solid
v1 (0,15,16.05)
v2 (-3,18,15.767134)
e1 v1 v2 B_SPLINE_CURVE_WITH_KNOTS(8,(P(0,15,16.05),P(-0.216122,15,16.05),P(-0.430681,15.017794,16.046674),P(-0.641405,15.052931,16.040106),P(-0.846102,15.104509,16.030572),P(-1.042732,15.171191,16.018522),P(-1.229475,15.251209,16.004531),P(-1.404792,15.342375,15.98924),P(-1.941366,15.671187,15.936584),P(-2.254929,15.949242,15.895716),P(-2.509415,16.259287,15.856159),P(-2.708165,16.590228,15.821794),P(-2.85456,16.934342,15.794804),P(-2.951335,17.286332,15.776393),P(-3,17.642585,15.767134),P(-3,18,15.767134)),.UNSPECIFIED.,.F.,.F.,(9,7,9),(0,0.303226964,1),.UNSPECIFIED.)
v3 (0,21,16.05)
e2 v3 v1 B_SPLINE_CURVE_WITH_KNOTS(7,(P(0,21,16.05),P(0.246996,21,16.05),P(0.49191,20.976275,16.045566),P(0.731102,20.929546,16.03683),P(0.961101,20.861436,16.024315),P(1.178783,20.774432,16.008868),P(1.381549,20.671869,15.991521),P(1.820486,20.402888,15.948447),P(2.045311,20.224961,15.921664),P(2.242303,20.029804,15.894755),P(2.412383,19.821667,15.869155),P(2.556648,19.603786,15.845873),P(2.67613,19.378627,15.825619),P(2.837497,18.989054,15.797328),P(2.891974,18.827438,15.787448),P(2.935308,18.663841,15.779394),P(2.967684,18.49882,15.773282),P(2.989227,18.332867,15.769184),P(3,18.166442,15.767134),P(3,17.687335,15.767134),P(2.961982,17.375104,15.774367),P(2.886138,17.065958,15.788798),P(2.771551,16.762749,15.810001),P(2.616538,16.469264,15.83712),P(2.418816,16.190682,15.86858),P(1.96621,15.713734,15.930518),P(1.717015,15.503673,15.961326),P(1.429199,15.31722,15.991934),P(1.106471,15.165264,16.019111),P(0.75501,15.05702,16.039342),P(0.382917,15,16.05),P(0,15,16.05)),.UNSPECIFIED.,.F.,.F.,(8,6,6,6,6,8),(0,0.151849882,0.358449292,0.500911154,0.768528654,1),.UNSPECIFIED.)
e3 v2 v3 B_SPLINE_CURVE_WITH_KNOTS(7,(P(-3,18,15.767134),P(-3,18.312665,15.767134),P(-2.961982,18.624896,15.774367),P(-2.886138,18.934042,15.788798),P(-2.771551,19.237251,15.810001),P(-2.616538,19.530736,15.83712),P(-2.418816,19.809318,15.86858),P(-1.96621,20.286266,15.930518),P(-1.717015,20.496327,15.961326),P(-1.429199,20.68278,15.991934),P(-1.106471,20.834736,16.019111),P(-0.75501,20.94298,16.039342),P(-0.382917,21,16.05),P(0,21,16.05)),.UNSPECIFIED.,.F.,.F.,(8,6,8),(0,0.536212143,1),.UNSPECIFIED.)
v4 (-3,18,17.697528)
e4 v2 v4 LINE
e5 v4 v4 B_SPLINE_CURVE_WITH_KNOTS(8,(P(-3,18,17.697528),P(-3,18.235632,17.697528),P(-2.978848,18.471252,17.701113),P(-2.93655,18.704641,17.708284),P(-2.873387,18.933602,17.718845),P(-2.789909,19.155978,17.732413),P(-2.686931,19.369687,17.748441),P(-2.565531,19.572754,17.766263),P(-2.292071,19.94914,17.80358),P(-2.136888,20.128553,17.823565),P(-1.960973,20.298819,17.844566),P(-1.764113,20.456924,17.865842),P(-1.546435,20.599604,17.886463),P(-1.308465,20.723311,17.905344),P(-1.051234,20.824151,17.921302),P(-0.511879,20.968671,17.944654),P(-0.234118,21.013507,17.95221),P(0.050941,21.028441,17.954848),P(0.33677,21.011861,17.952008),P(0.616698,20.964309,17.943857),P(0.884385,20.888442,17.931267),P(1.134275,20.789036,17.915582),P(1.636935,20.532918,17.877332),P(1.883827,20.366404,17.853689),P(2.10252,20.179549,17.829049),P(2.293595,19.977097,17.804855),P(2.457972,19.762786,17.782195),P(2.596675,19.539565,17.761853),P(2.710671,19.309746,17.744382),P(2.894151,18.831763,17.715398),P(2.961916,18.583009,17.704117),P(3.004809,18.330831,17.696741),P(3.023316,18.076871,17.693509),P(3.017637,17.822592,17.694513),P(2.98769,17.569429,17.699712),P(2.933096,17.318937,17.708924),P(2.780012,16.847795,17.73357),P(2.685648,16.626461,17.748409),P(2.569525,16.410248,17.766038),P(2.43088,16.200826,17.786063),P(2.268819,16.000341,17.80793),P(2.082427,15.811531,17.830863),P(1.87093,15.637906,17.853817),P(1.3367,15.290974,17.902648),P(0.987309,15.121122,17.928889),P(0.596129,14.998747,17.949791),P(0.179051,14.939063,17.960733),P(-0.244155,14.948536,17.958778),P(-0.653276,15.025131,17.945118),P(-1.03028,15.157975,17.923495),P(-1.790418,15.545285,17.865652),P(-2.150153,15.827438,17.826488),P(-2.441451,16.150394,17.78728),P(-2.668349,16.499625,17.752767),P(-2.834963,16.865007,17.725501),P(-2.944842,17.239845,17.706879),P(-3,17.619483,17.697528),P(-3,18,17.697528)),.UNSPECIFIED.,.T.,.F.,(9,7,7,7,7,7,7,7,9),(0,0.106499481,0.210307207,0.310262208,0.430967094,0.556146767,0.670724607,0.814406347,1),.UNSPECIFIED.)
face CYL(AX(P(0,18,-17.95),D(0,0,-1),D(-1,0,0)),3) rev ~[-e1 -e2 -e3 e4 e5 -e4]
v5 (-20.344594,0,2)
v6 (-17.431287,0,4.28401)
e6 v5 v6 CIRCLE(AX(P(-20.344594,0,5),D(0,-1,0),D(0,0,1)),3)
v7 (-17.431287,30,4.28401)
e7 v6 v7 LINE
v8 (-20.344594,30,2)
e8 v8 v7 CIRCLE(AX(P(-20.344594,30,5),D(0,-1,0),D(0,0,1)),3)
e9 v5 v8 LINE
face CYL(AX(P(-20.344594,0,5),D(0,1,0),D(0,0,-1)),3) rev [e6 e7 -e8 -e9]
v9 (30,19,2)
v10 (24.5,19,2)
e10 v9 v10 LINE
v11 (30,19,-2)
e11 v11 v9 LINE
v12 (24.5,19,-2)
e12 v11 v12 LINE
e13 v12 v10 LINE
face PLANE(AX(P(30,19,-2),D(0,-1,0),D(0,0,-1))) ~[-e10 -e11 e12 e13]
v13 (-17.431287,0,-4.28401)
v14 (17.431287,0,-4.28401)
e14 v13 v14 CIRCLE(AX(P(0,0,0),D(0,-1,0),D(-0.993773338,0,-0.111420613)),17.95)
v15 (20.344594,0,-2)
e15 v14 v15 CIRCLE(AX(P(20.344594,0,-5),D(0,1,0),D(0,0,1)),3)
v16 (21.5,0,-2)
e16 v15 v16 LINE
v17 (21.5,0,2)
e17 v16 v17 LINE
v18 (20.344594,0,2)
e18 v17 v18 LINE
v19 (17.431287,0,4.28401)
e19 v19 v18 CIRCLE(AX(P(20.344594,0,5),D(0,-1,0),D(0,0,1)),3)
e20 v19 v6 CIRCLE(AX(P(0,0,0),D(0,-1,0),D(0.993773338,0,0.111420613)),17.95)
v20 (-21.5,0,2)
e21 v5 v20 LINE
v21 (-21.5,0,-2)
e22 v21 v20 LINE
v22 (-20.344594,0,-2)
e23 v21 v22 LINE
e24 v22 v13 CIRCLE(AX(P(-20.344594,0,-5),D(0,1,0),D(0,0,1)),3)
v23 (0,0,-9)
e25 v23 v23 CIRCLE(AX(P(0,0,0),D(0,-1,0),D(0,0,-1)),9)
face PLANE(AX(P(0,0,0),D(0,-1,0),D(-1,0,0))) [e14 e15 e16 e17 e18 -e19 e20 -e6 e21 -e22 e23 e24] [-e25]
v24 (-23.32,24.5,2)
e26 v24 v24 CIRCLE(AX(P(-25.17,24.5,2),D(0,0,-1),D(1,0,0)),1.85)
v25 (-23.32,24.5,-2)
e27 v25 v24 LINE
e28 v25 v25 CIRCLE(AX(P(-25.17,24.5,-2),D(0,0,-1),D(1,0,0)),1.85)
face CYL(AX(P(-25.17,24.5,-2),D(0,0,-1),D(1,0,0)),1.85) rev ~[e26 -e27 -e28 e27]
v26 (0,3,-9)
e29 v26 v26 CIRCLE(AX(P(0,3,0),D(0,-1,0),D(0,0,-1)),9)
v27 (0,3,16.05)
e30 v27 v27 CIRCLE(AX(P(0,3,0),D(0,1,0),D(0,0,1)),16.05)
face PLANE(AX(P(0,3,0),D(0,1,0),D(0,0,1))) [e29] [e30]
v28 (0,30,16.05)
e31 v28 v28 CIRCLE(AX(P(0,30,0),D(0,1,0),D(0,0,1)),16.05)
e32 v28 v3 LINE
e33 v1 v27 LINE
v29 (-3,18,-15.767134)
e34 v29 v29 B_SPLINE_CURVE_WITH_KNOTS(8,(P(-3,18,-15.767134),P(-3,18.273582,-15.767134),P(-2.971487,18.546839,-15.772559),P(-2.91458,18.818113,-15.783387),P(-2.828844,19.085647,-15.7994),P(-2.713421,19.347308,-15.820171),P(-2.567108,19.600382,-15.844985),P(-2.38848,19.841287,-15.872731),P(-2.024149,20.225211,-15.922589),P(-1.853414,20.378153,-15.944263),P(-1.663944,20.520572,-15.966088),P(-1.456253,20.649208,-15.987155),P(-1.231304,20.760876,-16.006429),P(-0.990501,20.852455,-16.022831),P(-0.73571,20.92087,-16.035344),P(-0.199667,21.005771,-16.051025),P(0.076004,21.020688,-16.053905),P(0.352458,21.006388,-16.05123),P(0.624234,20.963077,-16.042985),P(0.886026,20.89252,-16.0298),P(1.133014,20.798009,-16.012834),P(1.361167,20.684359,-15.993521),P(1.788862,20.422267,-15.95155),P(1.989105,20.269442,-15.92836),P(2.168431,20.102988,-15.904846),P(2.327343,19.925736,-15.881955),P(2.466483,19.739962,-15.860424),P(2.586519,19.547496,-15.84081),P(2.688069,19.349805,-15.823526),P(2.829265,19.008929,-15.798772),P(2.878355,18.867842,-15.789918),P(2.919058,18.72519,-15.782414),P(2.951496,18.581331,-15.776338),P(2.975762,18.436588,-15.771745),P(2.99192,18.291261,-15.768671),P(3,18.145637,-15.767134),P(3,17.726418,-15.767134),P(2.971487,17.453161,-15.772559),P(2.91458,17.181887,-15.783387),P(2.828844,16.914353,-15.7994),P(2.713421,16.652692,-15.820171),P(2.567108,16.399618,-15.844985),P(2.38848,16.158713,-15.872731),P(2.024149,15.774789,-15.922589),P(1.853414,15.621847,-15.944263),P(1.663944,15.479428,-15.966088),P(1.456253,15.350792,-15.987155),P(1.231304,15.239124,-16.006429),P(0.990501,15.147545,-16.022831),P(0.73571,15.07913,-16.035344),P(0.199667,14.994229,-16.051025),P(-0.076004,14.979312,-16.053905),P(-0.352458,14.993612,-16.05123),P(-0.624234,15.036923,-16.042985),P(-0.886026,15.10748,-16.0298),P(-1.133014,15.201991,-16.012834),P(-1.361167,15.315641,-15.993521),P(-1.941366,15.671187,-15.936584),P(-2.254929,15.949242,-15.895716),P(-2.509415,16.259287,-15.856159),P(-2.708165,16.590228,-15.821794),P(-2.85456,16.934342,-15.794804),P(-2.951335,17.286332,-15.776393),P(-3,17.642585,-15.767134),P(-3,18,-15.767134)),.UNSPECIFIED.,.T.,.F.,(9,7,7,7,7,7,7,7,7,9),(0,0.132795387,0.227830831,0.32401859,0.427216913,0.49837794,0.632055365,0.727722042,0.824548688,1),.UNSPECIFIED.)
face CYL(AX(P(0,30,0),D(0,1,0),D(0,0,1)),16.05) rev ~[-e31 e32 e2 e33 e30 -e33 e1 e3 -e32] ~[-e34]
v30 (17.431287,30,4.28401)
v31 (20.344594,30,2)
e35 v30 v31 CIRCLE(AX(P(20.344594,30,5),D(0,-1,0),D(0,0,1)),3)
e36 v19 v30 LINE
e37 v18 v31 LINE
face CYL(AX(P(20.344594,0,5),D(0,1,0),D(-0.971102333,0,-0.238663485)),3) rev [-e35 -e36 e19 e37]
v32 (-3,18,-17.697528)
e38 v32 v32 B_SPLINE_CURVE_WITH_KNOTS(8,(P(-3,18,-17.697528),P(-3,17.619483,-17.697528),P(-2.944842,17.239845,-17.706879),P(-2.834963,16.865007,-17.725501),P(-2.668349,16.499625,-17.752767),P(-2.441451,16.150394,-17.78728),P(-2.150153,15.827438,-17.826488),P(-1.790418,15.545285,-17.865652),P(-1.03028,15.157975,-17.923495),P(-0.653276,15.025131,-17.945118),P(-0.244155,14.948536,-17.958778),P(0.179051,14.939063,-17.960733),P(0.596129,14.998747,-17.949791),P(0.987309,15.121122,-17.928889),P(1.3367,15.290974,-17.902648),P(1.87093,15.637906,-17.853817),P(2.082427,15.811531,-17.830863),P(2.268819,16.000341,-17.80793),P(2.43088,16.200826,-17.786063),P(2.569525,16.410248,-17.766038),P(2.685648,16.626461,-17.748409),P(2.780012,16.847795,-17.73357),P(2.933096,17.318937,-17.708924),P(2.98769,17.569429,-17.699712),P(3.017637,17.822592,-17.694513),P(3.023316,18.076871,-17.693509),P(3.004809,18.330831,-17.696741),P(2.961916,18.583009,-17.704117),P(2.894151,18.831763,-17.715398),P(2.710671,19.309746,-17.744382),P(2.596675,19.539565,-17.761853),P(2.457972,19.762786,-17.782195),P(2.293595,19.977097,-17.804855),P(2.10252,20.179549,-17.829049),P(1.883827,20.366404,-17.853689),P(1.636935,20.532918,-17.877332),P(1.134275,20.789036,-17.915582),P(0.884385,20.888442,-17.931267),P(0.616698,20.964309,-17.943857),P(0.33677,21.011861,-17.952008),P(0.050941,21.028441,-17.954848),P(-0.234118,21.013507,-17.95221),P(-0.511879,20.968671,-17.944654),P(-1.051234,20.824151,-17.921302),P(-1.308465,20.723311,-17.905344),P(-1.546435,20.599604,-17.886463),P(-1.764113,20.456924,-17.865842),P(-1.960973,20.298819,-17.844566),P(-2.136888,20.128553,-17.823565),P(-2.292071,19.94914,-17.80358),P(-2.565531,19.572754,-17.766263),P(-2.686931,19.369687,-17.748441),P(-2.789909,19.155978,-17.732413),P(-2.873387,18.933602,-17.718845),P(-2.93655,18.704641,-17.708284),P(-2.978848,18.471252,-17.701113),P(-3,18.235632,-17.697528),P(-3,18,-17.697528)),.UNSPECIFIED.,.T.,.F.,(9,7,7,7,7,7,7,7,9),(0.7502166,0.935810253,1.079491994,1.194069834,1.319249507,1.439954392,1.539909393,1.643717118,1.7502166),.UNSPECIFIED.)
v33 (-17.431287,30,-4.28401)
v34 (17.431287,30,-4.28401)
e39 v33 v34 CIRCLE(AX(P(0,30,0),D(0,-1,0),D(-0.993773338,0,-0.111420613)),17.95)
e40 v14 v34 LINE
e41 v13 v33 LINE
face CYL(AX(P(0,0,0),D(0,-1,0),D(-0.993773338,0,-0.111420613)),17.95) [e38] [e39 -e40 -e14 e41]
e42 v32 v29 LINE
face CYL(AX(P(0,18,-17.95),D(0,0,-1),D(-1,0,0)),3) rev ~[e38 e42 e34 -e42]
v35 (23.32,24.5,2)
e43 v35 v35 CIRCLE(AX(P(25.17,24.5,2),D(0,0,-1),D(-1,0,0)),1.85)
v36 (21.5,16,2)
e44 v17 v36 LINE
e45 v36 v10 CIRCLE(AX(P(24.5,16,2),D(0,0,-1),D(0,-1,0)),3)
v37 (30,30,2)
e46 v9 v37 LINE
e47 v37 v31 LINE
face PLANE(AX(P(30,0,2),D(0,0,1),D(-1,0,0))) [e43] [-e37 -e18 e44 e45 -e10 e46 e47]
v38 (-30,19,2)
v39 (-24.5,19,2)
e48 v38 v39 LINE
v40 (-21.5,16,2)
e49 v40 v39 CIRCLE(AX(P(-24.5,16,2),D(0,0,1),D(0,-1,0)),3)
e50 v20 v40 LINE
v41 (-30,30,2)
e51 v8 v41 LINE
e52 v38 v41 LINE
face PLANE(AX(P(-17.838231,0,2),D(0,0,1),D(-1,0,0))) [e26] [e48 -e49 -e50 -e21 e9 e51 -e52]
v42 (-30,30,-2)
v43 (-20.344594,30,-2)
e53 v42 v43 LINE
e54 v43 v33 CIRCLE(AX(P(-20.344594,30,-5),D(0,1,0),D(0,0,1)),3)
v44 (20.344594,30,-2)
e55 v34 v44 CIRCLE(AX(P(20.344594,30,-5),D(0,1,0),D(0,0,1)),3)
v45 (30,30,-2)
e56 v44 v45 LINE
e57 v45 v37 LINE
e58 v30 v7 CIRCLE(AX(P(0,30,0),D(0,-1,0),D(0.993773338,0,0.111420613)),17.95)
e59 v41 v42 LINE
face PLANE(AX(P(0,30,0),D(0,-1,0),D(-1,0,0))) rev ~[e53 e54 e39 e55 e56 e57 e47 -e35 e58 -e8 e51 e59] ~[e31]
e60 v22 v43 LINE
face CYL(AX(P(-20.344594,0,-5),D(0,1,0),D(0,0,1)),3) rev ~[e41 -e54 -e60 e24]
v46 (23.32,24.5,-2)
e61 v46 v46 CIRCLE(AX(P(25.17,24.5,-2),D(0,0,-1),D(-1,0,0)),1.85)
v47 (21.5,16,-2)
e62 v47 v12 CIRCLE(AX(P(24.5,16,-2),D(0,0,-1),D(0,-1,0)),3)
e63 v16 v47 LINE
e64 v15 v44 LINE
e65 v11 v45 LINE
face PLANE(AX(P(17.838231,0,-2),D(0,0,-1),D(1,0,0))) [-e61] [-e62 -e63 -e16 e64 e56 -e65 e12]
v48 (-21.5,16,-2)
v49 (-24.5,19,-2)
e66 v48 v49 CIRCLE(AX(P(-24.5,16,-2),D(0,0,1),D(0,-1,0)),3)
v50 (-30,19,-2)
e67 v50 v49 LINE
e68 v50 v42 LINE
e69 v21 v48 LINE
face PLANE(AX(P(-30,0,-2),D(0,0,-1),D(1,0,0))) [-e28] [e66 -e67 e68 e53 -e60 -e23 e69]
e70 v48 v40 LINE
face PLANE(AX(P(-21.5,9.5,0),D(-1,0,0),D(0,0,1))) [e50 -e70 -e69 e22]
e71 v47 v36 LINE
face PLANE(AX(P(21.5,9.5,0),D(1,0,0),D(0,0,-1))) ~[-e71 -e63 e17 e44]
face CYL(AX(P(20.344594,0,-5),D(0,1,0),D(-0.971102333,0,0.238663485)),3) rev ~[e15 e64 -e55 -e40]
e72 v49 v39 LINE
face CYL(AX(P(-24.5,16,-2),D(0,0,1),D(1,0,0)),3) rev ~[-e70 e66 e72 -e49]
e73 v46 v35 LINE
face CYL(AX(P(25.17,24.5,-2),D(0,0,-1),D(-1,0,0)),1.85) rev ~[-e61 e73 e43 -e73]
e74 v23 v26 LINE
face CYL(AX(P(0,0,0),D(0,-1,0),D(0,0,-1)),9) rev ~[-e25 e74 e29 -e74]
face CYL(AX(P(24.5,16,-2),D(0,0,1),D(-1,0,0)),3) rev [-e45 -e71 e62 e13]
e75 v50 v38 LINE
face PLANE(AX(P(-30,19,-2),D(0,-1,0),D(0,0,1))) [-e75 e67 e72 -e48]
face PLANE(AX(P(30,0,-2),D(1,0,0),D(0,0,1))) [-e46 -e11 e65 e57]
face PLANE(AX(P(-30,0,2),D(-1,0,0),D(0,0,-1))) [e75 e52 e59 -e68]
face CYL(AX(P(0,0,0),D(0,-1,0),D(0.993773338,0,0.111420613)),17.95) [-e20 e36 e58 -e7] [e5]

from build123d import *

# Parameters (mm, degrees)
BOSS_EXTRUDE1_DEPTH = 30
SKETCH4_W           = 4
SKETCH4_H           = 19
CUT_EXTRUDE3_DEPTH  = 8.5
SKETCH7_R           = 16.05
CUT_EXTRUDE4_DEPTH  = 27
SKETCH6_R           = 9
CUT_EXTRUDE5_DEPTH  = 4
FILLET3_R           = 3
FILLET4_R           = 3
SKETCH8_R           = 1.85
CUT_EXTRUDE6_DEPTH  = 4
SKETCH9_R           = 3
CUT_EXTRUDE7_DEPTH  = 37


with BuildPart() as part:
    # Sketch1 → Boss-Extrude1 (new body)
    with BuildSketch(Plane(origin=(0, 0, 0), x_dir=(1, 0, 0), z_dir=(0, 1, 0))):
        with BuildLine():
            Line((-30, -2), (-30, 2))
            Line((-30, 2), (-17.838231415, 2))
            ThreePointArc((-17.838231415, 2), (0, 17.95), (17.838231415, 2))
            Line((17.838231415, 2), (30, 2))
            Line((30, 2), (30, -2))
            Line((30, -2), (17.838231415, -2))
            ThreePointArc((17.838231415, -2), (0, -17.95), (-17.838231415, -2))
            Line((-17.838231415, -2), (-30, -2))
        make_face()
    extrude(amount=BOSS_EXTRUDE1_DEPTH)

    # Sketch4 → Cut-Extrude3 (cut)
    with BuildSketch(Plane.ZY.offset(30)):
        with Locations((0, 9.5)):
            Rectangle(SKETCH4_W, SKETCH4_H)
    cut_extrude3 = extrude(amount=-CUT_EXTRUDE3_DEPTH, mode=Mode.SUBTRACT)

    # Mirror1: Cut-Extrude3 across plane
    add(cut_extrude3.mirror(Plane(origin=(0, 0, 0), x_dir=(0, 0, 1), z_dir=(1, 0, 0))), mode=Mode.SUBTRACT)

    # Sketch7 → Cut-Extrude4 (cut)
    with BuildSketch(Plane(origin=(0, 30, 0), x_dir=(1, 0, 0), z_dir=(0, 1, 0))):
        with Locations(Location((0, 0, 0), (0, 0, 270))):
            Circle(SKETCH7_R)
    extrude(amount=-CUT_EXTRUDE4_DEPTH, mode=Mode.SUBTRACT)

    # Sketch6 → Cut-Extrude5 (cut)
    with BuildSketch(Plane.XZ):
        with Locations(Location((0, 0, 0), (0, 0, 270))):
            Circle(SKETCH6_R)
    extrude(amount=-CUT_EXTRUDE5_DEPTH, mode=Mode.SUBTRACT)

    # Fillet3
    fillet3_edges = [part.edges().sort_by_distance(p)[0] for p in [
        (-17.838231415, 15, 2),
        (-17.838231415, 15, -2),
        (17.838231415, 15, -2),
        (17.838231415, 15, 2),
    ]]
    fillet(fillet3_edges, radius=FILLET3_R)

    # Fillet4
    fillet4_edges = [part.edges().sort_by_distance(p)[0] for p in [
        (-21.5, 19, 0),
        (21.5, 19, 0),
    ]]
    fillet(fillet4_edges, radius=FILLET4_R)

    # Sketch8 → Cut-Extrude6 (cut)
    with BuildSketch(Plane(origin=(0, 0, -2), x_dir=(-1, 0, 0), z_dir=(0, 0, -1))):
        with Locations((-25.17, 24.5)):
            Circle(SKETCH8_R)
        with Locations(Location((25.17, 24.5, 0), (0, 0, 180))):
            Circle(SKETCH8_R)
    extrude(amount=-CUT_EXTRUDE6_DEPTH, mode=Mode.SUBTRACT)

    # Sketch9 → Cut-Extrude7 (cut)
    with BuildSketch(Plane(origin=(0, 0, -17.95), x_dir=(-1, 0, 0), z_dir=(0, 0, -1))):
        with Locations((0, 18)):
            Circle(SKETCH9_R)
    extrude(amount=-CUT_EXTRUDE7_DEPTH, mode=Mode.SUBTRACT)


solid = part.part
